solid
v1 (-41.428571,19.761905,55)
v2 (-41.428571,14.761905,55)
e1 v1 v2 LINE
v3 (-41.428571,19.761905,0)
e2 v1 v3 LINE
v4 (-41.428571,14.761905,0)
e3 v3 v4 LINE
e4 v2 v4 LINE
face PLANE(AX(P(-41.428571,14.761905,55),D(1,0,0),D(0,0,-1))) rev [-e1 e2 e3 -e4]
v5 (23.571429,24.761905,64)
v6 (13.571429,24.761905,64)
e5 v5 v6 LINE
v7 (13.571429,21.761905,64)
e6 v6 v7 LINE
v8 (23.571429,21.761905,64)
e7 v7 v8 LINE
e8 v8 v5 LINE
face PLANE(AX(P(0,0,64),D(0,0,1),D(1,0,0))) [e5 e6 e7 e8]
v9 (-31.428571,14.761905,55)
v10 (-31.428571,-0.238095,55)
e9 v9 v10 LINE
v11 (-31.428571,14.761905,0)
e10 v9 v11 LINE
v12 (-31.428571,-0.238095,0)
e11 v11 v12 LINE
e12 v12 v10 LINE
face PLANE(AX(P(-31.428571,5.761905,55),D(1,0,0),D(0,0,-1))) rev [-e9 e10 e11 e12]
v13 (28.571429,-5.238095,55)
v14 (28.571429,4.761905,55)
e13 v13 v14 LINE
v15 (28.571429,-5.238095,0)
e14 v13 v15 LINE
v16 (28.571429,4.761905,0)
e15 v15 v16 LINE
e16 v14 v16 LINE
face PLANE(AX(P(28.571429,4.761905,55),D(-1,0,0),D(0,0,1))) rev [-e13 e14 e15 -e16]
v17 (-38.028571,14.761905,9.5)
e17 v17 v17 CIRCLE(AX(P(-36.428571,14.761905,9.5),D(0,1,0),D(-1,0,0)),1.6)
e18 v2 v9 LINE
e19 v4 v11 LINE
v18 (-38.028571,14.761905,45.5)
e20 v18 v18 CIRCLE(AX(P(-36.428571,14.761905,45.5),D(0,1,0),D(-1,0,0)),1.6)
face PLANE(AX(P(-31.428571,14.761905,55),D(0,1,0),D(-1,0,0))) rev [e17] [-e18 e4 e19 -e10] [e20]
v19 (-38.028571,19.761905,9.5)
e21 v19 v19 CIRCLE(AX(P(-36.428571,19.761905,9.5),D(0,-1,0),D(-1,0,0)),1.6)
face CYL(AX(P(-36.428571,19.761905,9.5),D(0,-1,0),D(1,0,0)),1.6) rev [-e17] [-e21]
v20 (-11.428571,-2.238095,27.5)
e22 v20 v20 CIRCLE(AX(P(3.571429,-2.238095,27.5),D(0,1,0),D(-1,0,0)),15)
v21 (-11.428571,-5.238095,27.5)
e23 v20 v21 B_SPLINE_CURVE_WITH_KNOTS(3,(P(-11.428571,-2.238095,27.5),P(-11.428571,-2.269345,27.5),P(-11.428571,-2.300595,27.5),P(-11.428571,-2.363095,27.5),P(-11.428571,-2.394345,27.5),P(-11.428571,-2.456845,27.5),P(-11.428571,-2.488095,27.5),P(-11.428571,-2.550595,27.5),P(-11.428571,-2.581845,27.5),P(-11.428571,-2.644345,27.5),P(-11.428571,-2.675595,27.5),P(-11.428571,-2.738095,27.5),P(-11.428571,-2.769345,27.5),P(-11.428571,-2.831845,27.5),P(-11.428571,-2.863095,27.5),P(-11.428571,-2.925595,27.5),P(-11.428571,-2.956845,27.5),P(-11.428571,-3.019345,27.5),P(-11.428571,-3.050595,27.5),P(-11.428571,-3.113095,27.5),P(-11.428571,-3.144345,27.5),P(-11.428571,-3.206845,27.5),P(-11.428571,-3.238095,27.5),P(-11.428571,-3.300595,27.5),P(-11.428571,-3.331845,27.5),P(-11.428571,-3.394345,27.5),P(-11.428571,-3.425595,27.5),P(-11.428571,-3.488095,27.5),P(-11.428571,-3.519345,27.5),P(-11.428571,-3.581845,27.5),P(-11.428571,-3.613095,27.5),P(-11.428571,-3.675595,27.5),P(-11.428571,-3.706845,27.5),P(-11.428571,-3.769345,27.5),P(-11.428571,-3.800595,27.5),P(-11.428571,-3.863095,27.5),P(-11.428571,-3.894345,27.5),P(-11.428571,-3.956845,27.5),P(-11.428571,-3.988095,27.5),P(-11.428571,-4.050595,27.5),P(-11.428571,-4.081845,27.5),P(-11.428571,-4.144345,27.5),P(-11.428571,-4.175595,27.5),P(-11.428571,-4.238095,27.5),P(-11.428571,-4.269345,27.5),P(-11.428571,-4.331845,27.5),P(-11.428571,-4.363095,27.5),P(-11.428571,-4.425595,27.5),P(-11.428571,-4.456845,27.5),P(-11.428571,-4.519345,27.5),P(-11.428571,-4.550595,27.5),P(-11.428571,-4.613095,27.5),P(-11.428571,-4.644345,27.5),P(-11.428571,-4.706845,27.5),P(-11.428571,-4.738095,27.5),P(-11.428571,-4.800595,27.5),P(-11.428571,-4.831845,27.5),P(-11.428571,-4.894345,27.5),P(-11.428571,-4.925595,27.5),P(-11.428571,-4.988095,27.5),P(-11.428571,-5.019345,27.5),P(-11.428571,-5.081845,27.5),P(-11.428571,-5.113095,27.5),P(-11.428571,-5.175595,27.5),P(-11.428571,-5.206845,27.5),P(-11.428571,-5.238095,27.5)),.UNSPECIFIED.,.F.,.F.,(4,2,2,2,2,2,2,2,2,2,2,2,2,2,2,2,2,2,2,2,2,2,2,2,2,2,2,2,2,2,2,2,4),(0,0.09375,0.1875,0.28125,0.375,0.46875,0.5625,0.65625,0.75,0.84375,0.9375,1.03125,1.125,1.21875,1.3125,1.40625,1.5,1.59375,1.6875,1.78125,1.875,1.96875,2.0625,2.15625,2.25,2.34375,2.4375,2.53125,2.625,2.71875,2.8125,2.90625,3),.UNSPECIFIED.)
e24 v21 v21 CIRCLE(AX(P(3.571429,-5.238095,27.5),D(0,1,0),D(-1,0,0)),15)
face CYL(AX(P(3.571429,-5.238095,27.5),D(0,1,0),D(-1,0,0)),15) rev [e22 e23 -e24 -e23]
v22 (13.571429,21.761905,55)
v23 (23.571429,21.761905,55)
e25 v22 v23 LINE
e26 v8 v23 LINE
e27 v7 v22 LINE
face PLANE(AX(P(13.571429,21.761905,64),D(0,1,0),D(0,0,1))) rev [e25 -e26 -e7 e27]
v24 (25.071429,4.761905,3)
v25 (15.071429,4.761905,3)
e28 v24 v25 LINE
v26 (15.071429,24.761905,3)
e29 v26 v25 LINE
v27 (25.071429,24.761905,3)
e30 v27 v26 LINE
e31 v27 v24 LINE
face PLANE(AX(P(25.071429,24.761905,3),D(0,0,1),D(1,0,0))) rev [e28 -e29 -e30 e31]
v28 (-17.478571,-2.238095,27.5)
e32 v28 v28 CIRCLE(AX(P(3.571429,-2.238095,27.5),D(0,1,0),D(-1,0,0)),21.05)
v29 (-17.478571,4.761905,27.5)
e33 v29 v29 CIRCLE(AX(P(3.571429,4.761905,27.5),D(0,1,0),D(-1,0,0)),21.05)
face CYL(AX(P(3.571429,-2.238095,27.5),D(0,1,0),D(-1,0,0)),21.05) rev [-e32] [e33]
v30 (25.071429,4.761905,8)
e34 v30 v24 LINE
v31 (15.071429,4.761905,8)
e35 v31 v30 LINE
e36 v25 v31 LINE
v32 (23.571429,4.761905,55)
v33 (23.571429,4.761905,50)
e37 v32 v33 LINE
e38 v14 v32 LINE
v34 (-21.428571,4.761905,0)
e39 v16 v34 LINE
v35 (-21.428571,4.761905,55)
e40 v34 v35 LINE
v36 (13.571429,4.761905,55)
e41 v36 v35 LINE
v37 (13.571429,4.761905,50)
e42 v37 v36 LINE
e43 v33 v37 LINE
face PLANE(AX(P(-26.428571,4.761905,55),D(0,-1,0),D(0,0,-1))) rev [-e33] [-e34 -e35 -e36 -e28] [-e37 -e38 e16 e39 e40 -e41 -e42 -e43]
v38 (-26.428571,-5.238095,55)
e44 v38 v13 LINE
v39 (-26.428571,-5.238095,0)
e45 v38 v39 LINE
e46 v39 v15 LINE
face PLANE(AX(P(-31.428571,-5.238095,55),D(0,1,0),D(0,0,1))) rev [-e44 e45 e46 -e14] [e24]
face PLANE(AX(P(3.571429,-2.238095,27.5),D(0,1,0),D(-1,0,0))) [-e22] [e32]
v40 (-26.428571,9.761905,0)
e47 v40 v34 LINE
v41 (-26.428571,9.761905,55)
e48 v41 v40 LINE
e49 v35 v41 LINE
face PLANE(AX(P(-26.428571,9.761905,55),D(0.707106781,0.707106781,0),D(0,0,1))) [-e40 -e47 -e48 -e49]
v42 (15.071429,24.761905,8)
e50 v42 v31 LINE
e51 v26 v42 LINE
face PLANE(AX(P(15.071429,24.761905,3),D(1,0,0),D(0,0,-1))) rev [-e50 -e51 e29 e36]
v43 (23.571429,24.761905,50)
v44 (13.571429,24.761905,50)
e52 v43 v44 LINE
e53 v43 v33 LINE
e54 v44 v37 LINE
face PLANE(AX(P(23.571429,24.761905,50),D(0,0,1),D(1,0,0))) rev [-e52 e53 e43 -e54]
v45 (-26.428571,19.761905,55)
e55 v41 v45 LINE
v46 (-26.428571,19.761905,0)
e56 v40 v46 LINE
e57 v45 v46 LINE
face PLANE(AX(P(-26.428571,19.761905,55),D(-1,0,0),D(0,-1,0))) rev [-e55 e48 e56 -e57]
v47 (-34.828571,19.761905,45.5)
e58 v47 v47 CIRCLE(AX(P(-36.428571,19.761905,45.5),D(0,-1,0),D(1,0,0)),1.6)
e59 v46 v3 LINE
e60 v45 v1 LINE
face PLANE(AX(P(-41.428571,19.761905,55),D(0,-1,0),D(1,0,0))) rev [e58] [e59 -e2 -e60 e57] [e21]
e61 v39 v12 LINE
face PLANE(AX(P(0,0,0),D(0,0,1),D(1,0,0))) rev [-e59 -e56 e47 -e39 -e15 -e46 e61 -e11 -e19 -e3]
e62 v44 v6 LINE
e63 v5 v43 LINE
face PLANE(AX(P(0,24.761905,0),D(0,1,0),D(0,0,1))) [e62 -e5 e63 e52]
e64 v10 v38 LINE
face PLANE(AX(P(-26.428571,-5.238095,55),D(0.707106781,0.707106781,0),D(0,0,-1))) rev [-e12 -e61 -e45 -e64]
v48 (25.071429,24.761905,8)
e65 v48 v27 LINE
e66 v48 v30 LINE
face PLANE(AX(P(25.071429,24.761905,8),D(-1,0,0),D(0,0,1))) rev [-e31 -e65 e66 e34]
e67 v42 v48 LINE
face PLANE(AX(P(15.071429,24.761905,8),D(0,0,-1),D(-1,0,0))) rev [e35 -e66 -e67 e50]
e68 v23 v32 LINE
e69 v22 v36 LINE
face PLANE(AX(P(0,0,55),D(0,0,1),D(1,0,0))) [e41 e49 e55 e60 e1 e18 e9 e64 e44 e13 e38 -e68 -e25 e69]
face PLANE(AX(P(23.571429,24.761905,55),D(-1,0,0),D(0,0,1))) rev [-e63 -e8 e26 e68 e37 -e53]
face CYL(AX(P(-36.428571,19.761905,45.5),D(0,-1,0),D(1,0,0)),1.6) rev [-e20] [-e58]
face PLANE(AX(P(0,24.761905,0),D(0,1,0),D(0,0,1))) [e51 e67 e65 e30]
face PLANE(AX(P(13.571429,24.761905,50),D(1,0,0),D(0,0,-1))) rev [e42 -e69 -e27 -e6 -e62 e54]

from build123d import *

# Parameters (mm, degrees)
SALIENTE_EXTRUIR2_DEPTH    = 55
CROQUIS6_R                 = 21.05
CORTAR_EXTRUIR1_DEPTH      = 7
CORTAR_EXTRUIR2_DEPTH      = 73.286420098
CORTAR_EXTRUIR2_DEPTH_BACK = 73.286420098
CROQUIS8_R                 = 15
CORTAR_EXTRUIR3_DEPTH      = 72.703044082
CORTAR_EXTRUIR3_DEPTH_BACK = 72.703044082
CROQUIS9_R                 = 1.6
CHAFL_N1_SIZE              = 5
CROQUIS11_W                = 10
CROQUIS11_H                = 5
SALIENTE_EXTRUIR3_DEPTH    = 20
CROQUIS12_W                = 10
CROQUIS12_H                = 3
SALIENTE_EXTRUIR4_DEPTH    = 9
CROQUIS13_W                = 10
CROQUIS13_H                = 5
SALIENTE_EXTRUIR5_DEPTH    = 20


with BuildPart() as part:
    # Croquis4 → Saliente-Extruir2 (new body)
    with BuildSketch(Plane.XY):
        Polygon((-31.428571429, 5.761904762), (-31.428571429, 14.761904762), (-41.428571429, 14.761904762), (-41.428571429, 19.761904762), (-26.428571429, 19.761904762), (-26.428571429, 4.761904762), (28.571428571, 4.761904762), (28.571428571, -5.238095238), (-31.428571429, -5.238095238), align=None)
    extrude(amount=SALIENTE_EXTRUIR2_DEPTH)

    # Croquis6 → Cortar-Extruir1 (cut)
    with BuildSketch(Plane(origin=(0, 4.761904762, 0), x_dir=(1, 0, 0), z_dir=(0, 1, 0))):
        with Locations(Location((3.571428571, -27.5, 0), (0, 0, 180))):
            Circle(CROQUIS6_R)
    extrude(amount=-CORTAR_EXTRUIR1_DEPTH, mode=Mode.SUBTRACT)

    # Croquis8 → Cortar-Extruir2 (cut, two sides: drawn at the far end of the back side and taken through both)
    with BuildSketch(Plane(origin=(0, -2.238095238, 0), x_dir=(1, 0, 0), z_dir=(0, 1, 0)).offset(-CORTAR_EXTRUIR2_DEPTH_BACK)):
        with Locations(Location((3.571428571, -27.5, 0), (0, 0, 180))):
            Circle(CROQUIS8_R)
    extrude(amount=CORTAR_EXTRUIR2_DEPTH + CORTAR_EXTRUIR2_DEPTH_BACK, mode=Mode.SUBTRACT)

    # Croquis9 → Cortar-Extruir3 (cut, two sides: drawn at the far end of the back side and taken through both)
    with BuildSketch(Plane.XZ.offset(-14.761904762).offset(-CORTAR_EXTRUIR3_DEPTH_BACK)):
        with Locations((-36.428571429, 45.5)):
            Circle(CROQUIS9_R)
        with Locations(Location((-36.428571429, 9.5, 0), (0, 0, 180))):
            Circle(CROQUIS9_R)
    extrude(amount=CORTAR_EXTRUIR3_DEPTH + CORTAR_EXTRUIR3_DEPTH_BACK, mode=Mode.SUBTRACT)

    # Chaflán1
    chafl_n1_edges = [part.edges().sort_by_distance(p)[0] for p in [
        (-31.428571429, -5.238095238, 27.5),
        (-26.428571429, 4.761904762, 27.5),
    ]]
    chamfer(chafl_n1_edges, length=CHAFL_N1_SIZE)

    # Croquis11 → Saliente-Extruir3 (add)
    with BuildSketch(Plane(origin=(0, 4.761904762, 0), x_dir=(1, 0, 0), z_dir=(0, 1, 0))):
        with Locations((18.571428571, -52.5)):
            Rectangle(CROQUIS11_W, CROQUIS11_H)
    extrude(amount=SALIENTE_EXTRUIR3_DEPTH)

    # Croquis12 → Saliente-Extruir4 (add)
    with BuildSketch(Plane.XY.offset(55)):
        with Locations((18.571428571, 23.261904762)):
            Rectangle(CROQUIS12_W, CROQUIS12_H)
    extrude(amount=SALIENTE_EXTRUIR4_DEPTH)

    # Croquis13 → Saliente-Extruir5 (add)
    with BuildSketch(Plane(origin=(0, 4.761904762, 0), x_dir=(1, 0, 0), z_dir=(0, 1, 0))):
        with Locations((20.071428571, -5.5)):
            Rectangle(CROQUIS13_W, CROQUIS13_H)
    extrude(amount=SALIENTE_EXTRUIR5_DEPTH)


solid = part.part
